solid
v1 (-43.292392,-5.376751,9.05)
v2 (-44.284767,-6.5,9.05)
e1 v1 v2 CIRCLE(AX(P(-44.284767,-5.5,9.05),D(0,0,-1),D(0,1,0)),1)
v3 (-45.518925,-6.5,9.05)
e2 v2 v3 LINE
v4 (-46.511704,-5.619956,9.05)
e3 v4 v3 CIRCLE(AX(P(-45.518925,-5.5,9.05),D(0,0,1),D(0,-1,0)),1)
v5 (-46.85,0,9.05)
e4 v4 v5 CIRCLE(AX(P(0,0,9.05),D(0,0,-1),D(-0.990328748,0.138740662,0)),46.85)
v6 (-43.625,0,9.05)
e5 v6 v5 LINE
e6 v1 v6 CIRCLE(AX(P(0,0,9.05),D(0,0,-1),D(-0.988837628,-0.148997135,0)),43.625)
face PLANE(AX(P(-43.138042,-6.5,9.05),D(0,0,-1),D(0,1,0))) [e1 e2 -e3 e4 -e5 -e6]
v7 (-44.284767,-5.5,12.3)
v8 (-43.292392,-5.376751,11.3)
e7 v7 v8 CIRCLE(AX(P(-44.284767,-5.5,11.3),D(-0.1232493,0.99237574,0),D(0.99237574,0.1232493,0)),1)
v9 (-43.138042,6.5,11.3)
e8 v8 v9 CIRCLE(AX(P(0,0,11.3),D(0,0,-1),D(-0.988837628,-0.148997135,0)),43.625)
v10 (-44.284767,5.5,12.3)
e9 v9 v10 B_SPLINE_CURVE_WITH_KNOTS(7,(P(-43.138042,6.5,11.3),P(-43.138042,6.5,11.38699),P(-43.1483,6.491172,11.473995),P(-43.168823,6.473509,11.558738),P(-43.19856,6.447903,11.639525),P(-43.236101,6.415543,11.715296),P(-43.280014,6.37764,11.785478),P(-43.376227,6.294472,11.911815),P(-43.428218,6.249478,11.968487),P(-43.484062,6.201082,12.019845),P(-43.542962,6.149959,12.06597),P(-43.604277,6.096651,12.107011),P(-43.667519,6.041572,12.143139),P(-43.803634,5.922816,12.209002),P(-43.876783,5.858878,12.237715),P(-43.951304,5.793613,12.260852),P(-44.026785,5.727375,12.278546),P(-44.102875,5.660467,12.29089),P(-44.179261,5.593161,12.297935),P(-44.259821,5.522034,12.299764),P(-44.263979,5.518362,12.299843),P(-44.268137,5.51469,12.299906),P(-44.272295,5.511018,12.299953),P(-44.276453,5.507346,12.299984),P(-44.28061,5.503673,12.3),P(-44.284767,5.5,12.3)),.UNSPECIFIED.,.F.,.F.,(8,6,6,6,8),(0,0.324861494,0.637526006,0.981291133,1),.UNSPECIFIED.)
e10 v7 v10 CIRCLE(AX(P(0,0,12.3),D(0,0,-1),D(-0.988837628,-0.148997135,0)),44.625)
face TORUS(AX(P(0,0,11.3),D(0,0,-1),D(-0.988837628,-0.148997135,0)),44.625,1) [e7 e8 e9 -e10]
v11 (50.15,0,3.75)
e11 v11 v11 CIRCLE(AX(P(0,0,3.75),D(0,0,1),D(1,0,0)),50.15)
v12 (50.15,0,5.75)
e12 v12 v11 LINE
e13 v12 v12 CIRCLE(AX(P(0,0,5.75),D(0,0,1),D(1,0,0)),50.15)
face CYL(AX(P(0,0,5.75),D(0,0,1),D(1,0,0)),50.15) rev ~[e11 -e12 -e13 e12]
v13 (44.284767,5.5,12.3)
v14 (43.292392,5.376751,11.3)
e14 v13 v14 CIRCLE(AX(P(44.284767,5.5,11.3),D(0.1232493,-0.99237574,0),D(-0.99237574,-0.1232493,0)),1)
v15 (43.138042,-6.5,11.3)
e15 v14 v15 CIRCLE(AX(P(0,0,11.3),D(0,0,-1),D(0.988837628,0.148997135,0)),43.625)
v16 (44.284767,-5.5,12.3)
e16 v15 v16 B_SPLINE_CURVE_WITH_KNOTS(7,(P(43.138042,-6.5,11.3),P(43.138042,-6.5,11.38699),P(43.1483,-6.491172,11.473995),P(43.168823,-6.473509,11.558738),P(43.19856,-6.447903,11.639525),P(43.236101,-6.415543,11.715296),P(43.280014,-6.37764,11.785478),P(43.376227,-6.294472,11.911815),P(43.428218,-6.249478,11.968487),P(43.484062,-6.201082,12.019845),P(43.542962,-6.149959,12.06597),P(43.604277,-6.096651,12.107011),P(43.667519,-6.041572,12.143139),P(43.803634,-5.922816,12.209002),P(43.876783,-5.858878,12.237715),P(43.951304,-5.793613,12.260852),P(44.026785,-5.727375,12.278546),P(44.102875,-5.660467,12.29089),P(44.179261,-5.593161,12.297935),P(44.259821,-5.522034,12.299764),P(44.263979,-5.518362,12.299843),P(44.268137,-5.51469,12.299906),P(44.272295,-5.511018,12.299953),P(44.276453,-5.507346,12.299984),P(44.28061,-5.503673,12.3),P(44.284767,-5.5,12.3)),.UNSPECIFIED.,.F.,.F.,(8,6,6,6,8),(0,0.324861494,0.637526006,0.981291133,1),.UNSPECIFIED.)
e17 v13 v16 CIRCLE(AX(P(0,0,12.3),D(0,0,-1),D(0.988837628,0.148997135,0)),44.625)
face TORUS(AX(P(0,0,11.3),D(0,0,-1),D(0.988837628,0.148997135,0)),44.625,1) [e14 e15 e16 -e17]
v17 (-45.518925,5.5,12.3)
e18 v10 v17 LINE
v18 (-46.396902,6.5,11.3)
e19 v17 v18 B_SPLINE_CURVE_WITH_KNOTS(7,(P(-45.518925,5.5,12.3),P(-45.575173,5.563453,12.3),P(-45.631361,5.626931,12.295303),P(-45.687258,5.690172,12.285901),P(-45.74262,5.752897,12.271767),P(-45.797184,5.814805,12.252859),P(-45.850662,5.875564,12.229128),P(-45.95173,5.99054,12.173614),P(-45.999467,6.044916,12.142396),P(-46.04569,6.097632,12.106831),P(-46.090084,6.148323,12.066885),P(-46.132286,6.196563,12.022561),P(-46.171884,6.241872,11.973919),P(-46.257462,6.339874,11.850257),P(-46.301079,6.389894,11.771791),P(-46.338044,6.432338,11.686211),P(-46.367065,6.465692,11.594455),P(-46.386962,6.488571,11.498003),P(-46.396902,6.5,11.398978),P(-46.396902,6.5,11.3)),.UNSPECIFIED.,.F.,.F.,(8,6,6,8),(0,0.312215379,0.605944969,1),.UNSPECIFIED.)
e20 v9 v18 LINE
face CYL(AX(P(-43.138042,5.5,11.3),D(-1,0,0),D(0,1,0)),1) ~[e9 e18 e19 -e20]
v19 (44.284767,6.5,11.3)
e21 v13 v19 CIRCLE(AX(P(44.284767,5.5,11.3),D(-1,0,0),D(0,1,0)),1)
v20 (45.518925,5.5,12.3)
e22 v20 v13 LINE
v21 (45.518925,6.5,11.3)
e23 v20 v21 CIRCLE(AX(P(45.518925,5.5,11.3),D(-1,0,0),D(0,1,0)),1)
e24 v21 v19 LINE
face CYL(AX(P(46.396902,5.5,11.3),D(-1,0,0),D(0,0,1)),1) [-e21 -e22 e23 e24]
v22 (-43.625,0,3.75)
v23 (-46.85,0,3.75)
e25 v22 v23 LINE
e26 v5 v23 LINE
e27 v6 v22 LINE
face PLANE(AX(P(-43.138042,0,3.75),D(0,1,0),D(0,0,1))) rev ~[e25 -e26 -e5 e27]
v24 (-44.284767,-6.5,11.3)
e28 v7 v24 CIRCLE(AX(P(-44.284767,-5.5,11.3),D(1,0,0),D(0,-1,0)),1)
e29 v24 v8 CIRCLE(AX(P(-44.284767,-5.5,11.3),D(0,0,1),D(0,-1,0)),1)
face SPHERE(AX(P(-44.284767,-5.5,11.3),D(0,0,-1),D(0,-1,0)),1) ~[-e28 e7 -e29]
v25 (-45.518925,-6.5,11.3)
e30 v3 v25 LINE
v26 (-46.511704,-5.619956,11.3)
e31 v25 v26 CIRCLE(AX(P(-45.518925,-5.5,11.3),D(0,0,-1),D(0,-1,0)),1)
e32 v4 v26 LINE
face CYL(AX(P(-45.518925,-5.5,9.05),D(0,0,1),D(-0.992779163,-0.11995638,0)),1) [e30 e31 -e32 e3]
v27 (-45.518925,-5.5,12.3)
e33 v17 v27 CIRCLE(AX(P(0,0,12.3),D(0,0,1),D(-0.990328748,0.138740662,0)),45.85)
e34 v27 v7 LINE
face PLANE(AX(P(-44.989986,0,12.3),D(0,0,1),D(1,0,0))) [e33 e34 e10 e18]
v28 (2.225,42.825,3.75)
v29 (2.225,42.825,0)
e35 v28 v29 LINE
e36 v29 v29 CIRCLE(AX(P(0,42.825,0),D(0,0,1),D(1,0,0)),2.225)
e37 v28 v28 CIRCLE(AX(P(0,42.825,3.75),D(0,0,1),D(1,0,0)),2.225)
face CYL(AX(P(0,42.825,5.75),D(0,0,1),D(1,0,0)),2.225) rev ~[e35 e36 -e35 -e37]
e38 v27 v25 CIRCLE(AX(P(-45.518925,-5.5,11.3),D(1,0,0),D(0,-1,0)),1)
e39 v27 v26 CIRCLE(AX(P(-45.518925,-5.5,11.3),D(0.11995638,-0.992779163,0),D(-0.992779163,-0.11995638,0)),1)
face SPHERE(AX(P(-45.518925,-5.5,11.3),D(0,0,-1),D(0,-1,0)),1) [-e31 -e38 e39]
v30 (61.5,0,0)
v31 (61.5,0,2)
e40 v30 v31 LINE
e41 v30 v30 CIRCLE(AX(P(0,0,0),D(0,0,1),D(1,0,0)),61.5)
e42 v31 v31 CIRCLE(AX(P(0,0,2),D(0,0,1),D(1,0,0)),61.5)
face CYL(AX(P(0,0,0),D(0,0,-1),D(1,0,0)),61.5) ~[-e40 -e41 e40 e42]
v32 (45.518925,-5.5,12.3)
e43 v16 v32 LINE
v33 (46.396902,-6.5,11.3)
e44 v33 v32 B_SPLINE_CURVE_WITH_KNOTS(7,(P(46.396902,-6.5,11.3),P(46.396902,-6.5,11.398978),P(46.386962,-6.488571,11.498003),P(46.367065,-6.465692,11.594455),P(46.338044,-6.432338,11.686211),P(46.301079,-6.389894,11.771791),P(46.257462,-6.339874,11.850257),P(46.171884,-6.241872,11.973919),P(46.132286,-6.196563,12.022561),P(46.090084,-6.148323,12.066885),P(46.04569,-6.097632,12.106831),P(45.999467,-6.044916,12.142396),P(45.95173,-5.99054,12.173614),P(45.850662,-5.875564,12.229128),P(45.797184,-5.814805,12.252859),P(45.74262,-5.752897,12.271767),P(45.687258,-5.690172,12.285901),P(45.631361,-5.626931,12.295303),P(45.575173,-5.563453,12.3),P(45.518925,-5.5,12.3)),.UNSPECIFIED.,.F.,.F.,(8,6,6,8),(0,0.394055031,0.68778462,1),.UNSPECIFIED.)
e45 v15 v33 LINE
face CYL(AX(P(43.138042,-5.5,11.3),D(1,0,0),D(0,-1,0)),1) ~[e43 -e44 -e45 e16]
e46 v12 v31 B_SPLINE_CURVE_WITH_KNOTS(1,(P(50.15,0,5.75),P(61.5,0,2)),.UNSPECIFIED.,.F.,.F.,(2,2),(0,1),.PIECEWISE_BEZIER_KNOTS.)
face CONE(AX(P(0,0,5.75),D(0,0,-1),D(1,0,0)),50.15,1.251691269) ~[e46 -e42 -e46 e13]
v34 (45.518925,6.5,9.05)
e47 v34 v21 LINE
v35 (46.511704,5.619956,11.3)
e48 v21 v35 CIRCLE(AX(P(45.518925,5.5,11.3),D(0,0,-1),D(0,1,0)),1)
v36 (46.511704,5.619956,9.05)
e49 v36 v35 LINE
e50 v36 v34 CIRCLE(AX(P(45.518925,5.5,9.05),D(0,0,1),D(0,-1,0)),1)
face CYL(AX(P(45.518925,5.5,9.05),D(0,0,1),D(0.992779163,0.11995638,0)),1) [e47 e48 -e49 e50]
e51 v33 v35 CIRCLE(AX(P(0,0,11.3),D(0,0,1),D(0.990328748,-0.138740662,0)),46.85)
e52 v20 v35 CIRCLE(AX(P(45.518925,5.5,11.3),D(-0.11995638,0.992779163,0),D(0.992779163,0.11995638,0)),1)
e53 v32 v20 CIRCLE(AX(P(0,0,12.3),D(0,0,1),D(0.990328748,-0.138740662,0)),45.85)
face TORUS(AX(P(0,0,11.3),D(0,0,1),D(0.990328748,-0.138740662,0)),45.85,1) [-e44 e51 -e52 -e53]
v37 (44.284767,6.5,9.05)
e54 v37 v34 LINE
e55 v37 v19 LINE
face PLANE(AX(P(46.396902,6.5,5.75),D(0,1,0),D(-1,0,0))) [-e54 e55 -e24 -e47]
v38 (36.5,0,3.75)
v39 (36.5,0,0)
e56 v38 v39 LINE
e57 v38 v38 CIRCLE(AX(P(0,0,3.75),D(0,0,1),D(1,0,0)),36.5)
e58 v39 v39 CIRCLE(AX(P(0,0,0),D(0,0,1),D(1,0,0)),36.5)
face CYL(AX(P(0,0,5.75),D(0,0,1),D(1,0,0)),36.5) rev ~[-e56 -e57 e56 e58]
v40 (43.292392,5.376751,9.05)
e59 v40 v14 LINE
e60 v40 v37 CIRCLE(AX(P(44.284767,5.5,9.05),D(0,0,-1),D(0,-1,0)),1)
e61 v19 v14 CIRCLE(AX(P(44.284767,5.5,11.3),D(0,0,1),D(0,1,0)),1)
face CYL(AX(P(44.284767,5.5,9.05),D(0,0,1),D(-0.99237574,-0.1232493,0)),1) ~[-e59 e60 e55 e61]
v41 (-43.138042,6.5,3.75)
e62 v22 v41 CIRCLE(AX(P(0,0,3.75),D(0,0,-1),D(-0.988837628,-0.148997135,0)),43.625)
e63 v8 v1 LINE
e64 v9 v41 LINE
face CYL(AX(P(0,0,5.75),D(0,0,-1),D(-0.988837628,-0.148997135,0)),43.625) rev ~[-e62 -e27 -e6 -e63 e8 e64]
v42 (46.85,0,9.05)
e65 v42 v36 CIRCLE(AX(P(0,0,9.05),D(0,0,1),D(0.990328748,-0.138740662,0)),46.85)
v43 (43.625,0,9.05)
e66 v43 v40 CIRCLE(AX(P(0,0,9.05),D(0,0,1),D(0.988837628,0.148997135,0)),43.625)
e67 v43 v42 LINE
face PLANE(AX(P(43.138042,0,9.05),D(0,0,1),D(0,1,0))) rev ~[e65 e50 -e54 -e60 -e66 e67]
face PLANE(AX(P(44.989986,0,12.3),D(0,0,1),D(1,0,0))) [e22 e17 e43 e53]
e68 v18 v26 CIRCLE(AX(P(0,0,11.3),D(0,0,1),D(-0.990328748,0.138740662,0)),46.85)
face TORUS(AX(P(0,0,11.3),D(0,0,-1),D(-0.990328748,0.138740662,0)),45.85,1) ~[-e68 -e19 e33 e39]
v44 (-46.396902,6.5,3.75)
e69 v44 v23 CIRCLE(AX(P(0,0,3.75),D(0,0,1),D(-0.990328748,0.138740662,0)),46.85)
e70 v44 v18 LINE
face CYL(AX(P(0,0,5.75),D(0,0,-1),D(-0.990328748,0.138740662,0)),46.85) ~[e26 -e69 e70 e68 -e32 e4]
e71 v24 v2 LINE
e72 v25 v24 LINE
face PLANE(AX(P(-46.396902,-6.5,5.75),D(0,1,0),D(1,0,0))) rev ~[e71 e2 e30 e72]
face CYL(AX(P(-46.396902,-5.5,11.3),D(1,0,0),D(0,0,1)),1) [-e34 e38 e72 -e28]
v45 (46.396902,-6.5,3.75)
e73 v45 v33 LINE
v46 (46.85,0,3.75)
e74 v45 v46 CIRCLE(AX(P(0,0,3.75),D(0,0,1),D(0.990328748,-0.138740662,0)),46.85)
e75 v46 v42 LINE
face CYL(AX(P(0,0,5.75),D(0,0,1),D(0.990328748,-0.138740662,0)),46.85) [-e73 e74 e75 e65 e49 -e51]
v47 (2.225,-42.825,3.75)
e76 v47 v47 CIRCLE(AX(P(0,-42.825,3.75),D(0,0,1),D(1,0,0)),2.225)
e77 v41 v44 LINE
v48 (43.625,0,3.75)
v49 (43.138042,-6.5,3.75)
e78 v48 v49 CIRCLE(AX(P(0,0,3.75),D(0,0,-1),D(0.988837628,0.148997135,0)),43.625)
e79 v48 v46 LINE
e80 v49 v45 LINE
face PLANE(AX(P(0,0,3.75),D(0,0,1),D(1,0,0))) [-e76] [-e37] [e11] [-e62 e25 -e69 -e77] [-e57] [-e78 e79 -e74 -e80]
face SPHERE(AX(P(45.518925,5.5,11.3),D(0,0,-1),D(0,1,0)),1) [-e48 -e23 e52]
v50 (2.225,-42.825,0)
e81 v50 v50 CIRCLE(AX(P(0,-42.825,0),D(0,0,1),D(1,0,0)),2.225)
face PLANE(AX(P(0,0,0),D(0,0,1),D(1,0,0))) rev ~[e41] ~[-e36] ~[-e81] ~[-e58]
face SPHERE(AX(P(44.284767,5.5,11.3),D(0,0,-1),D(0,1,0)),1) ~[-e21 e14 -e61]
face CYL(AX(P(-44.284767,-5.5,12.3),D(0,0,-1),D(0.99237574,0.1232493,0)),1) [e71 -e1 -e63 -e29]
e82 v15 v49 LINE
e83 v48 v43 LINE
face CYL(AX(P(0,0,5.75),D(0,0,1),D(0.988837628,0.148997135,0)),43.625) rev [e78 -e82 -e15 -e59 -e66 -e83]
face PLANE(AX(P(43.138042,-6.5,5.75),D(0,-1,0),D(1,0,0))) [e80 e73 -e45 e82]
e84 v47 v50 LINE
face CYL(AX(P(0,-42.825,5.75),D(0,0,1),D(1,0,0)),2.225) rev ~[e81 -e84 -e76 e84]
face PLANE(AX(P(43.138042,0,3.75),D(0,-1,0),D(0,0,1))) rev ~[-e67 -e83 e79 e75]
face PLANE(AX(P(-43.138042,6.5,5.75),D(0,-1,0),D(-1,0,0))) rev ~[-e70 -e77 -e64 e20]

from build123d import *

# Parameters (mm, degrees)
F0_R      = 61.5
F1_DEPTH  = 2
F3_R      = 50.15
F4_R      = 61.5
F6_R      = 36.5
F7_DEPTH  = 5.751
F8_R      = 50.15
F8_R_2    = 36.5
F9_DEPTH  = 2
F10_R     = 2.225
F11_DEPTH = 5.751
F13_DEPTH = 2
F15_DEPTH = 6.55
F17_W     = 6.5
F17_H     = 5.3
F18_DEPTH = 5
F20_W     = 6.5
F20_H     = 5.3
F21_DEPTH = 4
F22_R     = 1


with BuildPart() as f1:
    # F0 (on Top) → F1 (new body)
    with BuildSketch(Plane.XY):
        Circle(F0_R)
    extrude(amount=F1_DEPTH)

    # F3 (on offset) → F5 section 0
    with BuildSketch(Plane.XY.offset(5.75)):
        Circle(F3_R)
    # F4 (on face) → F5 section 1
    with BuildSketch(Plane.XY.offset(2)):
        Circle(F4_R)
    loft()

    # F6 (on face) → F7 (cut, through all)
    with BuildSketch(Plane.XY.offset(5.75)):
        Circle(F6_R)
    extrude(amount=-F7_DEPTH, mode=Mode.SUBTRACT)

    # F8 (on face) → F9 (cut)
    with BuildSketch(Plane.XY.offset(5.75)):
        Circle(F8_R)
        Circle(F8_R_2, mode=Mode.SUBTRACT)
    extrude(amount=-F9_DEPTH, mode=Mode.SUBTRACT)

    # F10 (on face) → F11 (cut, through all)
    with BuildSketch(Plane.XY.offset(5.75)):
        with Locations((0, 42.825)):
            Circle(F10_R)
        with Locations((0, -42.825)):
            Circle(F10_R)
    extrude(amount=-F11_DEPTH, mode=Mode.SUBTRACT)

    # F12 (on face) → F13 (join, through all)
    with BuildSketch(Plane.XY.offset(5.75)):
        with BuildLine():
            Line((-43.1380415063, 6.5), (-46.3969018362, 6.5))
            ThreePointArc((-46.3969018362, 6.5), (-46.85, 0), (-46.3969018362, -6.5))
            Line((-46.3969018362, -6.5), (-43.1380415063, -6.5))
            ThreePointArc((-43.1380415063, -6.5), (-43.625, 0), (-43.1380415063, 6.5))
        make_face()
        with BuildLine():
            Line((43.1380415063, -6.5), (46.3969018362, -6.5))
            ThreePointArc((46.3969018362, -6.5), (46.85, 0), (46.3969018362, 6.5))
            Line((46.3969018362, 6.5), (43.1380415063, 6.5))
            ThreePointArc((43.1380415063, 6.5), (43.625, 0), (43.1380415063, -6.5))
        make_face()
    extrude(amount=-F13_DEPTH)

    # F14 (on face) → F15 (join)
    with BuildSketch(Plane.XY.offset(5.75)):
        with BuildLine():
            Line((-43.1380415063, 6.5), (-46.3969018362, 6.5))
            ThreePointArc((-46.3969018362, 6.5), (-46.85, 0), (-46.3969018362, -6.5))
            Line((-46.3969018362, -6.5), (-43.1380415063, -6.5))
            ThreePointArc((-43.1380415063, -6.5), (-43.625, 0), (-43.1380415063, 6.5))
        make_face()
        with BuildLine():
            Line((43.1380415063, -6.5), (46.3969018362, -6.5))
            ThreePointArc((46.3969018362, -6.5), (46.85, 0), (46.3969018362, 6.5))
            Line((46.3969018362, 6.5), (43.1380415063, 6.5))
            ThreePointArc((43.1380415063, 6.5), (43.625, 0), (43.1380415063, -6.5))
        make_face()
    extrude(amount=F15_DEPTH)

    # F17 (on 3pt) → F18 (cut)
    with BuildSketch(Plane.YZ.offset(-43.1380415063)):
        with Locations((-3.25, 6.4)):
            Rectangle(F17_W, F17_H)
    extrude(amount=-F18_DEPTH, mode=Mode.SUBTRACT)

    # F20 (on 3pt) → F21 (cut)
    with BuildSketch(Plane.YZ.offset(43.1380415063)):
        with Locations((3.25, 6.4)):
            Rectangle(F20_W, F20_H)
    extrude(amount=F21_DEPTH, mode=Mode.SUBTRACT)

    # F22
    f22_edges = [f1.edges().sort_by_distance(p)[0] for p in [
        (44.767472, 6.5, 12.3),
        (-44.767472, -6.5, 12.3),
        (-46.85, 0, 12.3),
        (-43.625, 0, 12.3),
        (43.625, 0, 12.3),
        (46.85, 0, 12.3),
        (43.138042, 6.5, 10.675),
        (-46.396902, -6.5, 10.675),
        (-43.138042, -6.5, 10.675),
        (46.396902, 6.5, 10.675),
        (-44.767472, 6.5, 12.3),
        (44.767472, -6.5, 12.3),
    ]]
    fillet(f22_edges, radius=F22_R)


solid = f1.part
